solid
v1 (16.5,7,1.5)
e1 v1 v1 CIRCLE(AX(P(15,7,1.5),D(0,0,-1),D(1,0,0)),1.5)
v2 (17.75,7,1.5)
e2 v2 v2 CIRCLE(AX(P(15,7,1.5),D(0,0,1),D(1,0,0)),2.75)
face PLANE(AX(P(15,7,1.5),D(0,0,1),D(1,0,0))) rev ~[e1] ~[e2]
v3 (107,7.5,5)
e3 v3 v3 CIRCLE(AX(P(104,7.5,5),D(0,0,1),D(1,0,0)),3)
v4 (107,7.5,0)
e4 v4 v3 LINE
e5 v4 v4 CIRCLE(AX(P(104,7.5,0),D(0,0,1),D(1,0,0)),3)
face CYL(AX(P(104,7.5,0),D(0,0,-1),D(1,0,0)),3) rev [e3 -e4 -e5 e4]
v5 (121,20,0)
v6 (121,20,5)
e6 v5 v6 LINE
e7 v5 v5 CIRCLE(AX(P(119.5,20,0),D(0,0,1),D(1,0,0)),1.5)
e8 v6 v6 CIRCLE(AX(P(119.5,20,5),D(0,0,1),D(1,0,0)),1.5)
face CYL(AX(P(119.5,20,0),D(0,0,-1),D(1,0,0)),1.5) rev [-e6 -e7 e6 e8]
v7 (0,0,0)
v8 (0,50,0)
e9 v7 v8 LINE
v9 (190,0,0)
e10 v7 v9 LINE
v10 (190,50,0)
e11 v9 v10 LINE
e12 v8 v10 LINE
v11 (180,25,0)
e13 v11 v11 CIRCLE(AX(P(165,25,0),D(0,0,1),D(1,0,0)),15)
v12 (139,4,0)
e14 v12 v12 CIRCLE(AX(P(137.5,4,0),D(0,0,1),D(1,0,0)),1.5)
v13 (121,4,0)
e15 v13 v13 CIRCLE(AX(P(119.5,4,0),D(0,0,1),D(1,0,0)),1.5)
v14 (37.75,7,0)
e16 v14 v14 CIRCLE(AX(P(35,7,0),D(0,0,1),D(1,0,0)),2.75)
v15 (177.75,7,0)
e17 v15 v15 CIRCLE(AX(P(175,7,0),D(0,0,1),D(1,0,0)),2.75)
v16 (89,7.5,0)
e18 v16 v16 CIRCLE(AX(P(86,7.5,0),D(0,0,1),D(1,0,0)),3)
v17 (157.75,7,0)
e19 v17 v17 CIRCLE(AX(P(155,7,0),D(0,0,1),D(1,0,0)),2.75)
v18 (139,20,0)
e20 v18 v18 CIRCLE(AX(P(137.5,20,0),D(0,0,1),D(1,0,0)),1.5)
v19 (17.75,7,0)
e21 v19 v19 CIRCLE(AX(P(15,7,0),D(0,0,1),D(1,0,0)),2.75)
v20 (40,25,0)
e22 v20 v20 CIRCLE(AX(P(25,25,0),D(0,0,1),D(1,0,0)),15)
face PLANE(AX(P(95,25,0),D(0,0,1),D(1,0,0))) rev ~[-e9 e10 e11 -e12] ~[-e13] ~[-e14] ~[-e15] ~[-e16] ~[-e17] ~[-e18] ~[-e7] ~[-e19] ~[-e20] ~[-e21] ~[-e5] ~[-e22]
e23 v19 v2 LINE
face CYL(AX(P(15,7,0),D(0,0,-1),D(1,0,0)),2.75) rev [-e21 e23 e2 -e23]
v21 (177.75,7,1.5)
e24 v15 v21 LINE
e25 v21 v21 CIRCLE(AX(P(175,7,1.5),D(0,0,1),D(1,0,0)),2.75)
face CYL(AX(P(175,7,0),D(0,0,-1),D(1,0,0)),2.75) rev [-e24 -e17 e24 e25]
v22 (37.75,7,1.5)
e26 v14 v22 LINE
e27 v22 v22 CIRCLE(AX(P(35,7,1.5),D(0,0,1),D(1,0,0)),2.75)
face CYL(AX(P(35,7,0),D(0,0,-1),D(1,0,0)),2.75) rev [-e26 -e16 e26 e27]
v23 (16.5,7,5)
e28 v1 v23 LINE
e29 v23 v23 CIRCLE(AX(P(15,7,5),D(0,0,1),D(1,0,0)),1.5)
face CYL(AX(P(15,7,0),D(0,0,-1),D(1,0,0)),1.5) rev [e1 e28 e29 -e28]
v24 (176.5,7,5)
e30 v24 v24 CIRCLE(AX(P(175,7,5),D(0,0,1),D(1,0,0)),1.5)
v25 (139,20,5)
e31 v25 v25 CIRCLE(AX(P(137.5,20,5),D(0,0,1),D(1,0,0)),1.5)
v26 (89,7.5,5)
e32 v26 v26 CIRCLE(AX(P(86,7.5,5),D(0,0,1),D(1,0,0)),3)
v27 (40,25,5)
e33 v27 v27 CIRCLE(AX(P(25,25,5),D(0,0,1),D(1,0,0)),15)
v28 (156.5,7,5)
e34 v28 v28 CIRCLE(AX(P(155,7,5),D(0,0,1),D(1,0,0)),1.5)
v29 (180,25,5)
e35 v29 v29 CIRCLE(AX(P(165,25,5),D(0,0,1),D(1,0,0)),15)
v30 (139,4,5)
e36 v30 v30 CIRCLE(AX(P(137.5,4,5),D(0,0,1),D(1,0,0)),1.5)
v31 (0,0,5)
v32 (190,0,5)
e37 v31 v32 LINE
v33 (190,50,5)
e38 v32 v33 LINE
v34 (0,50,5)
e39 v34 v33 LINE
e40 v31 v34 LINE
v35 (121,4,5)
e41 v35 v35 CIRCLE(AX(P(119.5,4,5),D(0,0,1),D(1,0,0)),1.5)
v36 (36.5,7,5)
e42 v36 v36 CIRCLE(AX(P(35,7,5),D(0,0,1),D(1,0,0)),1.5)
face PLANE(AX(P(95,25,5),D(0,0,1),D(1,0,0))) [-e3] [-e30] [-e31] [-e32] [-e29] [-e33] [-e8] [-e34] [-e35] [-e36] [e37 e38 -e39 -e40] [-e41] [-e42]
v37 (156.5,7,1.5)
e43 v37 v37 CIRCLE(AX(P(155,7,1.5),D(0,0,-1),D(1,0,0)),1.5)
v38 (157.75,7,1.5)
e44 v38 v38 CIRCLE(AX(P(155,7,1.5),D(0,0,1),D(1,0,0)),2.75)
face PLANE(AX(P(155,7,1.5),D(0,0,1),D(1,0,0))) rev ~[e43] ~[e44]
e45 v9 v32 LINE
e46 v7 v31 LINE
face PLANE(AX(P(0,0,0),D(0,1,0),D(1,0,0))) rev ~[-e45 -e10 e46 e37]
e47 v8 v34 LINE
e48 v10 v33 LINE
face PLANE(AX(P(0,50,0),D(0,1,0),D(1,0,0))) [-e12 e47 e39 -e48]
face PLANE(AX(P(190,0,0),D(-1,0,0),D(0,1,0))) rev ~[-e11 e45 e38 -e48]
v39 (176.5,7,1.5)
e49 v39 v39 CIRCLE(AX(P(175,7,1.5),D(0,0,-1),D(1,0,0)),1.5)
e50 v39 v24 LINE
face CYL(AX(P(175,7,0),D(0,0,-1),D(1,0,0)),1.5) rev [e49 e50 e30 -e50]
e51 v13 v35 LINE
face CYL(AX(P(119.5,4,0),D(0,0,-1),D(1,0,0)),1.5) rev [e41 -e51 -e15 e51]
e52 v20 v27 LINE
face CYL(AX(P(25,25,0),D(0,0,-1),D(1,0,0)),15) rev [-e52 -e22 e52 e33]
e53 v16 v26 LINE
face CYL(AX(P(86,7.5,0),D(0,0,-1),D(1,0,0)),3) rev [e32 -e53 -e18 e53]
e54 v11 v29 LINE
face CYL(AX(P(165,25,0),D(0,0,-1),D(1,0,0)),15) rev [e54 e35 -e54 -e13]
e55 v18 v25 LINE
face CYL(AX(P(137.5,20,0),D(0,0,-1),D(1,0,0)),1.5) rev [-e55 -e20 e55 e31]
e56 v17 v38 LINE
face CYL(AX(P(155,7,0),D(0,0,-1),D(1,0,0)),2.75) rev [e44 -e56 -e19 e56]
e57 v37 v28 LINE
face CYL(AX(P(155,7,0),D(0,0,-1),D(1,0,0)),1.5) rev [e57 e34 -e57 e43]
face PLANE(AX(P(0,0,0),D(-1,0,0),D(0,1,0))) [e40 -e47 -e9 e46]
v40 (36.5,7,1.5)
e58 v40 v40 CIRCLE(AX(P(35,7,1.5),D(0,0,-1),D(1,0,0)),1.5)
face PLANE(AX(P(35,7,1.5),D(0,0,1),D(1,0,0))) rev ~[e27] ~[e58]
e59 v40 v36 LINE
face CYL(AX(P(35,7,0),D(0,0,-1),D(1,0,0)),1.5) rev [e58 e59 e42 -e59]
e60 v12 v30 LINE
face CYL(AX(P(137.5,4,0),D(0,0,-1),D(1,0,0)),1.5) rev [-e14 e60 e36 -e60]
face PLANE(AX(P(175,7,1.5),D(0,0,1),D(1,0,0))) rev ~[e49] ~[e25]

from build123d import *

# Parameters (mm, degrees)
SKETCH1_W           = 190
SKETCH1_H           = 50
SKETCH1_R           = 15
SKETCH1_R_2         = 1.5
SKETCH1_R_3         = 3
BOSS_EXTRUDE1_DEPTH = 5
CUT_EXTRUDE1_START  = -5
SKETCH2_R           = 2.75
CUT_EXTRUDE1_DEPTH  = 1.5


with BuildPart() as part:
    # Sketch1 → Boss-Extrude1 (new body)
    with BuildSketch(Plane.XY):
        with Locations((95, 25)):
            Rectangle(SKETCH1_W, SKETCH1_H)
        with Locations((25, 25)):
            Circle(SKETCH1_R, mode=Mode.SUBTRACT)
        with Locations((165, 25)):
            Circle(SKETCH1_R, mode=Mode.SUBTRACT)
        with Locations((35, 7)):
            Circle(SKETCH1_R_2, mode=Mode.SUBTRACT)
        with Locations((175, 7)):
            Circle(SKETCH1_R_2, mode=Mode.SUBTRACT)
        with Locations((155, 7)):
            Circle(SKETCH1_R_2, mode=Mode.SUBTRACT)
        with Locations((137.5, 4)):
            Circle(SKETCH1_R_2, mode=Mode.SUBTRACT)
        with Locations((86, 7.5)):
            Circle(SKETCH1_R_3, mode=Mode.SUBTRACT)
        with Locations((104, 7.5)):
            Circle(SKETCH1_R_3, mode=Mode.SUBTRACT)
        with Locations((15, 7)):
            Circle(SKETCH1_R_2, mode=Mode.SUBTRACT)
        with Locations((119.5, 4)):
            Circle(SKETCH1_R_2, mode=Mode.SUBTRACT)
        with Locations((119.5, 20)):
            Circle(SKETCH1_R_2, mode=Mode.SUBTRACT)
        with Locations((137.5, 20)):
            Circle(SKETCH1_R_2, mode=Mode.SUBTRACT)
    extrude(amount=BOSS_EXTRUDE1_DEPTH)

    # Sketch2 → Cut-Extrude1 (cut)
    with BuildSketch(Plane.XY.offset(5).offset(CUT_EXTRUDE1_START)):
        with Locations((15, 7)):
            Circle(SKETCH2_R)
        with Locations((35, 7)):
            Circle(SKETCH2_R)
        with Locations((155, 7)):
            Circle(SKETCH2_R)
        with Locations((175, 7)):
            Circle(SKETCH2_R)
    extrude(amount=CUT_EXTRUDE1_DEPTH, mode=Mode.SUBTRACT)


solid = part.part
